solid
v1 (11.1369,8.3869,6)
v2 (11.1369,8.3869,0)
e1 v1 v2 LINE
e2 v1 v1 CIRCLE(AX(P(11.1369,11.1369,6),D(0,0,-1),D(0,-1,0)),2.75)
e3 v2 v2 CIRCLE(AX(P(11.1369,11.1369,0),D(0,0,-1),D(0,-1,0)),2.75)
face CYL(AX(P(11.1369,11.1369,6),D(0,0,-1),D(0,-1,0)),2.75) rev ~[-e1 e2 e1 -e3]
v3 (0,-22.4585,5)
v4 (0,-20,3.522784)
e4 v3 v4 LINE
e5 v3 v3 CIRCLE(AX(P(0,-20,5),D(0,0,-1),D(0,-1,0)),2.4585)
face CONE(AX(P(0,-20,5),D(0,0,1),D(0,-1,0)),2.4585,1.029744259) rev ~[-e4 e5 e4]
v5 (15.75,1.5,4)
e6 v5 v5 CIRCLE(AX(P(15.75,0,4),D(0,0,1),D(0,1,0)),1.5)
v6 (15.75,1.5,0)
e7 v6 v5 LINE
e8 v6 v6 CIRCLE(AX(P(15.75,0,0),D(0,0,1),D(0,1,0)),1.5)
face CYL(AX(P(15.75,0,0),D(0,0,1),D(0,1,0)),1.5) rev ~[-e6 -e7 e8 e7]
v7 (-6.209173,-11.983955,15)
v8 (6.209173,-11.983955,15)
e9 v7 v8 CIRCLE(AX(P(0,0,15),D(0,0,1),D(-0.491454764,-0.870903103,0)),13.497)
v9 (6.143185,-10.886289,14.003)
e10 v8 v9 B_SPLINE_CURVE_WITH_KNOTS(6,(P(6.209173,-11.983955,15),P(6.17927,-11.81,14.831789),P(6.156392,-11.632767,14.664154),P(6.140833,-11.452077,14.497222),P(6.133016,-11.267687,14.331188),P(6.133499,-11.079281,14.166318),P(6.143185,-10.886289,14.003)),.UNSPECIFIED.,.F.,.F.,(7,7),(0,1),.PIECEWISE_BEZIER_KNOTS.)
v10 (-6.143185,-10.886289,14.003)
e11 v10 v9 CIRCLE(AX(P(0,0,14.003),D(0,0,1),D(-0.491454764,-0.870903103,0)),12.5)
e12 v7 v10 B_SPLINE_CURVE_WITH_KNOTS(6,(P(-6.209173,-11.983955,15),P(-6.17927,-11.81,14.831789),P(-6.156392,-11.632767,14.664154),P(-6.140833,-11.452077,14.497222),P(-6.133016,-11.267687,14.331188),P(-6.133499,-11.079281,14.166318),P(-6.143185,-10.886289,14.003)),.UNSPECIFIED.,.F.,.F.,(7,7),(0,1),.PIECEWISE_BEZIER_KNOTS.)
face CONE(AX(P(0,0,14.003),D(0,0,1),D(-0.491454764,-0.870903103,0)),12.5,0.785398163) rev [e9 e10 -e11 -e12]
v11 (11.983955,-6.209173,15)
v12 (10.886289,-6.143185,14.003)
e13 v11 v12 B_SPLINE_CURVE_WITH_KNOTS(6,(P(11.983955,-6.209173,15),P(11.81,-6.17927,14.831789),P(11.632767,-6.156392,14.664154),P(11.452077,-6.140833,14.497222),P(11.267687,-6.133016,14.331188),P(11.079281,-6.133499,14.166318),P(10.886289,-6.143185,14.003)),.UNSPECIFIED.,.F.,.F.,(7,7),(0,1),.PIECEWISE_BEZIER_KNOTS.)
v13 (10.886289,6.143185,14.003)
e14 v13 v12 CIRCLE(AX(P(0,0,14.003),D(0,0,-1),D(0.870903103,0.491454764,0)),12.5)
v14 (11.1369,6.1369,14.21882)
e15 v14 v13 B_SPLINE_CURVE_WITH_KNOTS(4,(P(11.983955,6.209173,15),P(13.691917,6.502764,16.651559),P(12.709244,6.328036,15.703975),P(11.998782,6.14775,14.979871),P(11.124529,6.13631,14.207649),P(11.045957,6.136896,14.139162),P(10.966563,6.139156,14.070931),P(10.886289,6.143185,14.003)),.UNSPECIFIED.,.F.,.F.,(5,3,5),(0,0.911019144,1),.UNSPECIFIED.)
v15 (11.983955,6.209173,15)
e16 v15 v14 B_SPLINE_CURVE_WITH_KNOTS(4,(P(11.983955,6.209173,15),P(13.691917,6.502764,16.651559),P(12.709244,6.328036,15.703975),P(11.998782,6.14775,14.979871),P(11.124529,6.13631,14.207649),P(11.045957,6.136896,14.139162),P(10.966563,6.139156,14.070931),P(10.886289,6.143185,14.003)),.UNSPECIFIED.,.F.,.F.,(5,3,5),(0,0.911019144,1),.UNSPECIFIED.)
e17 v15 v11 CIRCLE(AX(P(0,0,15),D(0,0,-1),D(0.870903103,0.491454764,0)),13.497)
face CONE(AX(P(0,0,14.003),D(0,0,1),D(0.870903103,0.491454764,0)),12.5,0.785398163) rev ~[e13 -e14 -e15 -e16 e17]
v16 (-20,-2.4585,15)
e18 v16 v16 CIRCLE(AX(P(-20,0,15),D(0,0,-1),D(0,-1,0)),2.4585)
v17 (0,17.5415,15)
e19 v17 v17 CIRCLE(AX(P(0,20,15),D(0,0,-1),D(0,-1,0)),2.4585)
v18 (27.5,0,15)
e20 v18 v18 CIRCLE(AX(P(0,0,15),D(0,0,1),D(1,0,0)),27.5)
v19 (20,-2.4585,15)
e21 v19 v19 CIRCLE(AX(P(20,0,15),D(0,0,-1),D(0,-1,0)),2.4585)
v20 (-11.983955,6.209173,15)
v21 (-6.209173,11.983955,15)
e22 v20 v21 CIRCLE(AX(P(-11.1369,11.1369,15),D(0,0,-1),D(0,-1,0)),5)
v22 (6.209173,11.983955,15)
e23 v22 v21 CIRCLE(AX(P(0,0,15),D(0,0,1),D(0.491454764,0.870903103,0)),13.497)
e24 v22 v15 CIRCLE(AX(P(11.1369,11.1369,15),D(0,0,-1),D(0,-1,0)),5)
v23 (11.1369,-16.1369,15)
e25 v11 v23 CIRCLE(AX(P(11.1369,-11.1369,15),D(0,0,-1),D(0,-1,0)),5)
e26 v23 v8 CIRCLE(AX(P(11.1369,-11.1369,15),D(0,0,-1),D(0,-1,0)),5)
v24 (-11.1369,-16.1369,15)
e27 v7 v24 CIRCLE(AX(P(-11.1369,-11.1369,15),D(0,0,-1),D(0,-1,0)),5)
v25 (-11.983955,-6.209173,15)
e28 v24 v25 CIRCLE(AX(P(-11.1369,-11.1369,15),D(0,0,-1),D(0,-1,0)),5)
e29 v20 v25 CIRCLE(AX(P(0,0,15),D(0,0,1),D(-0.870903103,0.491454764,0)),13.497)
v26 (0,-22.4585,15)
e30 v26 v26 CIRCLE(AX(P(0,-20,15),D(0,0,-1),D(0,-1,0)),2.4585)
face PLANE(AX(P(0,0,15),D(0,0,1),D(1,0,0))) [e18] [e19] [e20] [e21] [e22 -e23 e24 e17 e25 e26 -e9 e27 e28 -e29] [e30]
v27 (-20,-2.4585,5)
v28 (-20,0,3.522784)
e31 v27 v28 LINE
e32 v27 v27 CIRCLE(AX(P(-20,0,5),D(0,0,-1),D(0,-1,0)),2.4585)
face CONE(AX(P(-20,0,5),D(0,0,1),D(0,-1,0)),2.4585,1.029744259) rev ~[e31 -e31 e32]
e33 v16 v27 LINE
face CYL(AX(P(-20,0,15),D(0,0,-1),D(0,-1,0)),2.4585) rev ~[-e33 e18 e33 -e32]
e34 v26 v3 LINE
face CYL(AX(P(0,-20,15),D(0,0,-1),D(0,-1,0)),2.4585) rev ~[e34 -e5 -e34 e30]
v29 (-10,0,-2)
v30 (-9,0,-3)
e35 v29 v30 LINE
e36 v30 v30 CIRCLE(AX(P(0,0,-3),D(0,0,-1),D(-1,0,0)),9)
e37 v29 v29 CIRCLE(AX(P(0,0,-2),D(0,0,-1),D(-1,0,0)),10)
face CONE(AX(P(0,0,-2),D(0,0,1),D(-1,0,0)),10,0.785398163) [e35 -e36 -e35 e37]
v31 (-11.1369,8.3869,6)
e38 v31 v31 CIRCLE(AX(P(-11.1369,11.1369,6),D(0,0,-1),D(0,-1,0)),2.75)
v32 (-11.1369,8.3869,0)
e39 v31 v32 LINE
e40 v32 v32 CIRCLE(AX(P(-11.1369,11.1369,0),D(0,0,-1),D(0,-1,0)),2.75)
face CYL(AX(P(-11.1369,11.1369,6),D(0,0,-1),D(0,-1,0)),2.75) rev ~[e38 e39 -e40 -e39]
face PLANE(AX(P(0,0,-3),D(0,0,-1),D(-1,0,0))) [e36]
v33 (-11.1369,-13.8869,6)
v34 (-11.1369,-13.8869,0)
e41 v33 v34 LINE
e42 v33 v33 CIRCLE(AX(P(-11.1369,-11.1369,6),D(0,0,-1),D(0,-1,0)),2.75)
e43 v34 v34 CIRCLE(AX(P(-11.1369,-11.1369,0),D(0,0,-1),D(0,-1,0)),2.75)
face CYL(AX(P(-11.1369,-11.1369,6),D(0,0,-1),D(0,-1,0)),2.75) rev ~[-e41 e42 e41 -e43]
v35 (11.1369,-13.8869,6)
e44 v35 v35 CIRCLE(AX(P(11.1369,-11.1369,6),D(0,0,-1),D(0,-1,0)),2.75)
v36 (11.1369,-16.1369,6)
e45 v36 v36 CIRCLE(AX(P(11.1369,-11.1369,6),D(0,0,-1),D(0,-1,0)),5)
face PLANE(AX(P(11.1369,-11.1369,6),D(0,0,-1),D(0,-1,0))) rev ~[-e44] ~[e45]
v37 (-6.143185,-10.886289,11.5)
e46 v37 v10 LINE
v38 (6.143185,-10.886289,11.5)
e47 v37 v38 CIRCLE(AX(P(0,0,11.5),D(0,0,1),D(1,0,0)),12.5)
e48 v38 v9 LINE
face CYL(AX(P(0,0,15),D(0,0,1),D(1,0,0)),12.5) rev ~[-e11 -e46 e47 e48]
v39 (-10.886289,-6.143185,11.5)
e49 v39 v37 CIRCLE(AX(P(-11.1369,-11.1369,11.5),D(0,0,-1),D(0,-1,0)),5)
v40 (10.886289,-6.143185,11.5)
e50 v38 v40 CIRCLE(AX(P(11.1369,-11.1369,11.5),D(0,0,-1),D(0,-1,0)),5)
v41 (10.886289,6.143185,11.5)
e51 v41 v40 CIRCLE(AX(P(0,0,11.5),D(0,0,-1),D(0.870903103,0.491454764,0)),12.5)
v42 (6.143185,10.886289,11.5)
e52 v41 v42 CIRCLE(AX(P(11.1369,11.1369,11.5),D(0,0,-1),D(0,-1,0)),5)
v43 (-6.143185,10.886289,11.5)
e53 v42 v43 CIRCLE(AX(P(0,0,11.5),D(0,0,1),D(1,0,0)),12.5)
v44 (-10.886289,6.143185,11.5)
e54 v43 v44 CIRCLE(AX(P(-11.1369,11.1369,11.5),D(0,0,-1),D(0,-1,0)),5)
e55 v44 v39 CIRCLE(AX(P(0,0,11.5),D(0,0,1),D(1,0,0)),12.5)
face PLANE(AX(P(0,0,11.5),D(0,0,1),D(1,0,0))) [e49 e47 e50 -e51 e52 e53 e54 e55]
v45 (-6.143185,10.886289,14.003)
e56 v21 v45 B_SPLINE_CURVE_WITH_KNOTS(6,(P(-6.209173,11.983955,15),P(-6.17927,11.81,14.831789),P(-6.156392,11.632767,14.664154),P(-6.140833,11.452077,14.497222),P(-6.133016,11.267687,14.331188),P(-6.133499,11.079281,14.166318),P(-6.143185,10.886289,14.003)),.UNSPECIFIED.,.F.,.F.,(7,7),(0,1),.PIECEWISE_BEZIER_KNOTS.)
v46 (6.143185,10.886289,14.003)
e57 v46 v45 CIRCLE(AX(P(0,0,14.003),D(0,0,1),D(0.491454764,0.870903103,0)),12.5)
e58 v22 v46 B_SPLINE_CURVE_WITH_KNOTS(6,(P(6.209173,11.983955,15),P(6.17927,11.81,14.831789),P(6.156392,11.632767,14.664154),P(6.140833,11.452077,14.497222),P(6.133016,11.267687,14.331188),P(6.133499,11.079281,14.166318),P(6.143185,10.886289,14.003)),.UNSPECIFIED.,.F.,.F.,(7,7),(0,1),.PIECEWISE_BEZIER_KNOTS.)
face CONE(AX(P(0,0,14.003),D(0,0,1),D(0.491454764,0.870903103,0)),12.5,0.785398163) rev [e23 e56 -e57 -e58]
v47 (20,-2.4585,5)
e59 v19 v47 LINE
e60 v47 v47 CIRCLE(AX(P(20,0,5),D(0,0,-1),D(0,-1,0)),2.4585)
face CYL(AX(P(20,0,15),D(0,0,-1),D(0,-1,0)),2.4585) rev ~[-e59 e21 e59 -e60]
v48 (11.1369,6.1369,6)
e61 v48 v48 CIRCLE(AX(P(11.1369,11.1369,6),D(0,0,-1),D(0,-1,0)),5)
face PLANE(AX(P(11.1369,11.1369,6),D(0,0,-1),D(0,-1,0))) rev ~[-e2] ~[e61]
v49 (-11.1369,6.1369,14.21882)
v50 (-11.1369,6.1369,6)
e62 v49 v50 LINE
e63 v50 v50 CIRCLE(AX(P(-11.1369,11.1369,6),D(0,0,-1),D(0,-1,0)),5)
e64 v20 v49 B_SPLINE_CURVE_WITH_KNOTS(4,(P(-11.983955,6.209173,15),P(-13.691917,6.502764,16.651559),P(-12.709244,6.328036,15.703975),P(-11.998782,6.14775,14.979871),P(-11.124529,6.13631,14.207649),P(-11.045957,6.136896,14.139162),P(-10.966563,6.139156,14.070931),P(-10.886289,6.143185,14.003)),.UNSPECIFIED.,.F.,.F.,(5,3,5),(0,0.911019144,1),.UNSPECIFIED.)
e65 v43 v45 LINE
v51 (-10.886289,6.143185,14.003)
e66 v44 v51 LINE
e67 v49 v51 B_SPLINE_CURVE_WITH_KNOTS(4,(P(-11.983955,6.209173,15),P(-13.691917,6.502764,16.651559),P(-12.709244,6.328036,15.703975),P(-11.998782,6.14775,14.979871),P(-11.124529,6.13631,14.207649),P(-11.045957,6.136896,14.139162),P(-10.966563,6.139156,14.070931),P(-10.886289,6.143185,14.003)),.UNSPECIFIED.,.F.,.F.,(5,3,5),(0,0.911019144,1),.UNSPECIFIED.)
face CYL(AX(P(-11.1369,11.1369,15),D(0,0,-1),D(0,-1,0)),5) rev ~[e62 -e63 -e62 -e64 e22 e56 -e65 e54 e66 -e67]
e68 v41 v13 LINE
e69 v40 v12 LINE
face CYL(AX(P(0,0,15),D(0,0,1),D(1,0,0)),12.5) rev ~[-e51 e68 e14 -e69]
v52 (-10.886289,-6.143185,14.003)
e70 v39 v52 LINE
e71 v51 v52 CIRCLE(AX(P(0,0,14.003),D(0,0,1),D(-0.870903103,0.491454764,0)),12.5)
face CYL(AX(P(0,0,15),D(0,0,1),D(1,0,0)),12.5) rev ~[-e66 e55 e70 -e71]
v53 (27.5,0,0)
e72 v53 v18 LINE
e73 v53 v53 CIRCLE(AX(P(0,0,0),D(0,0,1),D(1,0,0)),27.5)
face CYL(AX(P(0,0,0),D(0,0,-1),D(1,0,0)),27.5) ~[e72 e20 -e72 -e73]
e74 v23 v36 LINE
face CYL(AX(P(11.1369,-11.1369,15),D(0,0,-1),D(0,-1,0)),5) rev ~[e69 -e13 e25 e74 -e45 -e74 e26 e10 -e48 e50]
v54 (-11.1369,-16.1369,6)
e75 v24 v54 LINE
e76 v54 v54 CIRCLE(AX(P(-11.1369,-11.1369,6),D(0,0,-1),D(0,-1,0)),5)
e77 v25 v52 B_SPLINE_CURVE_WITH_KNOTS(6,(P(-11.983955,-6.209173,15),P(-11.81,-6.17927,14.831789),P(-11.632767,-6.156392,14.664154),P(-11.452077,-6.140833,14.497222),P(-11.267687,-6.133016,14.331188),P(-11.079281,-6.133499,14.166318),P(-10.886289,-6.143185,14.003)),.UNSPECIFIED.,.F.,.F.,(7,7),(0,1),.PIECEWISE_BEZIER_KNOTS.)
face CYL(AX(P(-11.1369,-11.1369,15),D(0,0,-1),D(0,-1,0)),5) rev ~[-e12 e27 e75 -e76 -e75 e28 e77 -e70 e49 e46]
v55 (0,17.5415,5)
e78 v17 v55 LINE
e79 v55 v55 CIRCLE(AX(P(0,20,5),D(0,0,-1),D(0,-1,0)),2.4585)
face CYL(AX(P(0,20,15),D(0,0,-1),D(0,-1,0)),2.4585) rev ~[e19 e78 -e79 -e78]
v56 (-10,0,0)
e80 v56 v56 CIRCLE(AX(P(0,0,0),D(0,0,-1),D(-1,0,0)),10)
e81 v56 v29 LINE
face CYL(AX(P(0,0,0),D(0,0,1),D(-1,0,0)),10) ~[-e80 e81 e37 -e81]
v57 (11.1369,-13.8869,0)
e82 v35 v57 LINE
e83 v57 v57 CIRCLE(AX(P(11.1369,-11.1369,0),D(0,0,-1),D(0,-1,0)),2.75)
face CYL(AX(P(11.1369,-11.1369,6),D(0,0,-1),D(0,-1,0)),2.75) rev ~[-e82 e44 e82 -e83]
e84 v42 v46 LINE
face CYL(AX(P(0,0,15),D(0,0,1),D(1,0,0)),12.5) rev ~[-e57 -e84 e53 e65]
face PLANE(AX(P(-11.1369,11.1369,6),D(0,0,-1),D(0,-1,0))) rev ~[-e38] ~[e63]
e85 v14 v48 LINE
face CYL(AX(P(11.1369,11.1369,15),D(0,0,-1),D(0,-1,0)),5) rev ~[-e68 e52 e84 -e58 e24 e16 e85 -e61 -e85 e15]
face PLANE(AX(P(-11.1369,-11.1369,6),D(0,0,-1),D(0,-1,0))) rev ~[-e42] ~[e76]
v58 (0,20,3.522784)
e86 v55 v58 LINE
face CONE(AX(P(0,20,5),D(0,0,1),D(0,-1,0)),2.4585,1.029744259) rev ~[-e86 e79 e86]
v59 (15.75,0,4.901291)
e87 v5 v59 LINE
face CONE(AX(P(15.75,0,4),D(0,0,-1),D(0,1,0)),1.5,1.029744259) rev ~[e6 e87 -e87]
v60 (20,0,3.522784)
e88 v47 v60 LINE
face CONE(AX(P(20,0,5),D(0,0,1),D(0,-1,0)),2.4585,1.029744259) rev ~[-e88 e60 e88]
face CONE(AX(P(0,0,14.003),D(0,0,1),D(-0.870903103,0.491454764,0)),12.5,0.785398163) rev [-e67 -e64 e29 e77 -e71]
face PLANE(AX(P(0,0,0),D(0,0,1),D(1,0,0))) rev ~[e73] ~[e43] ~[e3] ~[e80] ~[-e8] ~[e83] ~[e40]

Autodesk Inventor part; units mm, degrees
ref_plane "YZ Plane" through (0, 0, 0) normal (1, 0, 0) x (0, 1, 0)
ref_plane "XZ Plane" through (0, 0, 0) normal (0, 1, 0) x (-1, 0, 0)
ref_plane "XY Plane" through (0, 0, 0) normal (0, 0, 1) x (1, 0, 0)
sketch "Sketch1" plane through (0, 0, 0) normal (0, 0, 1) x (1, 0, 0)
  circle A0 centre (0, 0) radius 27.5
  dimension "d0" = 55
extrude "Extrusion1" add sketch "Sketch1" along normal blind 15
sketch "Sketch2" plane through (0, 0, 15) normal (0, 0, 1) x (1, 0, 0)
  circle A0 centre (0, 0) radius 27.5 projected
  circle A1 centre (0, 0) radius 12.5
  point P0 (15.75, 0)
  point P1 (20, 0)
  point P2 (11.1369, 11.1369)
  point P3 (0, 15.75)
  point P4 (-11.1369, 11.1369)
  point P5 (-15.75, 0)
  point P6 (-11.1369, -11.1369)
  point P7 (0, -15.75)
  point P8 (11.1369, -11.1369)
  point P9 (14.1421, 14.1421)
  point P10 (0, 20)
  point P11 (-14.1421, 14.1421)
  point P12 (-20, 0)
  point P13 (-14.1421, -14.1421)
  point P14 (0, -20)
  point P15 (14.1421, -14.1421)
  dimension "d3" = 15.75
  dimension "d4" = 20
  dimension "d7" = 360
  dimension "d11" = 360
  dimension "d13" = 25
extrude "Extrusion2" cut sketch "Sketch2" against normal blind 3.5 contours A1
hole "Hole1" at (-11.1369, 11.1369, 15) at (-11.1369, -11.1369, 15) at (11.1369, 11.1369, 15) at (11.1369, -11.1369, 15) direction (0, 0, -1) diameter 5.5 end through all counterbore diameter 10 counterbore depth 9 clearance for "Socket Head Cap Screw ISO 4762" size "M5" standard "ISO"
hole "Hole2" at (0, 20, 15) at (-20, 0, 15) at (0, -20, 15) at (20, 0, 15) direction (0, 0, -1) diameter 4.917 depth 10 tip angle 118 thread size "M6x1" class "6H" standard "ANSI Metric M Profile"
sketch "Sketch3" plane through (0, 0, 0) normal (0, 0, -1) x (-1, 0, 0)
  circle A0 centre (0, 0) radius 27.5 projected
  circle A1 centre (0, 0) radius 10
  point P0 (-15.75, 0)
  dimension "d31" = 15.75
  dimension "d32" = 20
hole "Hole3" at (15.75, 0, 0) direction (0, 0, 1) diameter 3 depth 4 tip angle 118
extrude "Extrusion3" add sketch "Sketch3" along normal blind 3 contours A1
chamfer "Chamfer1" distance 1 angle 45 1 edges at (10, 0, -3)
chamfer "Chamfer2" distance 1 angle 45 4 edges at (12.5, 0, 15) (0, 12.5, 15) (0, -12.5, 15) (-12.5, 0, 15)
properties part number "plate_cfs055ca501u"
